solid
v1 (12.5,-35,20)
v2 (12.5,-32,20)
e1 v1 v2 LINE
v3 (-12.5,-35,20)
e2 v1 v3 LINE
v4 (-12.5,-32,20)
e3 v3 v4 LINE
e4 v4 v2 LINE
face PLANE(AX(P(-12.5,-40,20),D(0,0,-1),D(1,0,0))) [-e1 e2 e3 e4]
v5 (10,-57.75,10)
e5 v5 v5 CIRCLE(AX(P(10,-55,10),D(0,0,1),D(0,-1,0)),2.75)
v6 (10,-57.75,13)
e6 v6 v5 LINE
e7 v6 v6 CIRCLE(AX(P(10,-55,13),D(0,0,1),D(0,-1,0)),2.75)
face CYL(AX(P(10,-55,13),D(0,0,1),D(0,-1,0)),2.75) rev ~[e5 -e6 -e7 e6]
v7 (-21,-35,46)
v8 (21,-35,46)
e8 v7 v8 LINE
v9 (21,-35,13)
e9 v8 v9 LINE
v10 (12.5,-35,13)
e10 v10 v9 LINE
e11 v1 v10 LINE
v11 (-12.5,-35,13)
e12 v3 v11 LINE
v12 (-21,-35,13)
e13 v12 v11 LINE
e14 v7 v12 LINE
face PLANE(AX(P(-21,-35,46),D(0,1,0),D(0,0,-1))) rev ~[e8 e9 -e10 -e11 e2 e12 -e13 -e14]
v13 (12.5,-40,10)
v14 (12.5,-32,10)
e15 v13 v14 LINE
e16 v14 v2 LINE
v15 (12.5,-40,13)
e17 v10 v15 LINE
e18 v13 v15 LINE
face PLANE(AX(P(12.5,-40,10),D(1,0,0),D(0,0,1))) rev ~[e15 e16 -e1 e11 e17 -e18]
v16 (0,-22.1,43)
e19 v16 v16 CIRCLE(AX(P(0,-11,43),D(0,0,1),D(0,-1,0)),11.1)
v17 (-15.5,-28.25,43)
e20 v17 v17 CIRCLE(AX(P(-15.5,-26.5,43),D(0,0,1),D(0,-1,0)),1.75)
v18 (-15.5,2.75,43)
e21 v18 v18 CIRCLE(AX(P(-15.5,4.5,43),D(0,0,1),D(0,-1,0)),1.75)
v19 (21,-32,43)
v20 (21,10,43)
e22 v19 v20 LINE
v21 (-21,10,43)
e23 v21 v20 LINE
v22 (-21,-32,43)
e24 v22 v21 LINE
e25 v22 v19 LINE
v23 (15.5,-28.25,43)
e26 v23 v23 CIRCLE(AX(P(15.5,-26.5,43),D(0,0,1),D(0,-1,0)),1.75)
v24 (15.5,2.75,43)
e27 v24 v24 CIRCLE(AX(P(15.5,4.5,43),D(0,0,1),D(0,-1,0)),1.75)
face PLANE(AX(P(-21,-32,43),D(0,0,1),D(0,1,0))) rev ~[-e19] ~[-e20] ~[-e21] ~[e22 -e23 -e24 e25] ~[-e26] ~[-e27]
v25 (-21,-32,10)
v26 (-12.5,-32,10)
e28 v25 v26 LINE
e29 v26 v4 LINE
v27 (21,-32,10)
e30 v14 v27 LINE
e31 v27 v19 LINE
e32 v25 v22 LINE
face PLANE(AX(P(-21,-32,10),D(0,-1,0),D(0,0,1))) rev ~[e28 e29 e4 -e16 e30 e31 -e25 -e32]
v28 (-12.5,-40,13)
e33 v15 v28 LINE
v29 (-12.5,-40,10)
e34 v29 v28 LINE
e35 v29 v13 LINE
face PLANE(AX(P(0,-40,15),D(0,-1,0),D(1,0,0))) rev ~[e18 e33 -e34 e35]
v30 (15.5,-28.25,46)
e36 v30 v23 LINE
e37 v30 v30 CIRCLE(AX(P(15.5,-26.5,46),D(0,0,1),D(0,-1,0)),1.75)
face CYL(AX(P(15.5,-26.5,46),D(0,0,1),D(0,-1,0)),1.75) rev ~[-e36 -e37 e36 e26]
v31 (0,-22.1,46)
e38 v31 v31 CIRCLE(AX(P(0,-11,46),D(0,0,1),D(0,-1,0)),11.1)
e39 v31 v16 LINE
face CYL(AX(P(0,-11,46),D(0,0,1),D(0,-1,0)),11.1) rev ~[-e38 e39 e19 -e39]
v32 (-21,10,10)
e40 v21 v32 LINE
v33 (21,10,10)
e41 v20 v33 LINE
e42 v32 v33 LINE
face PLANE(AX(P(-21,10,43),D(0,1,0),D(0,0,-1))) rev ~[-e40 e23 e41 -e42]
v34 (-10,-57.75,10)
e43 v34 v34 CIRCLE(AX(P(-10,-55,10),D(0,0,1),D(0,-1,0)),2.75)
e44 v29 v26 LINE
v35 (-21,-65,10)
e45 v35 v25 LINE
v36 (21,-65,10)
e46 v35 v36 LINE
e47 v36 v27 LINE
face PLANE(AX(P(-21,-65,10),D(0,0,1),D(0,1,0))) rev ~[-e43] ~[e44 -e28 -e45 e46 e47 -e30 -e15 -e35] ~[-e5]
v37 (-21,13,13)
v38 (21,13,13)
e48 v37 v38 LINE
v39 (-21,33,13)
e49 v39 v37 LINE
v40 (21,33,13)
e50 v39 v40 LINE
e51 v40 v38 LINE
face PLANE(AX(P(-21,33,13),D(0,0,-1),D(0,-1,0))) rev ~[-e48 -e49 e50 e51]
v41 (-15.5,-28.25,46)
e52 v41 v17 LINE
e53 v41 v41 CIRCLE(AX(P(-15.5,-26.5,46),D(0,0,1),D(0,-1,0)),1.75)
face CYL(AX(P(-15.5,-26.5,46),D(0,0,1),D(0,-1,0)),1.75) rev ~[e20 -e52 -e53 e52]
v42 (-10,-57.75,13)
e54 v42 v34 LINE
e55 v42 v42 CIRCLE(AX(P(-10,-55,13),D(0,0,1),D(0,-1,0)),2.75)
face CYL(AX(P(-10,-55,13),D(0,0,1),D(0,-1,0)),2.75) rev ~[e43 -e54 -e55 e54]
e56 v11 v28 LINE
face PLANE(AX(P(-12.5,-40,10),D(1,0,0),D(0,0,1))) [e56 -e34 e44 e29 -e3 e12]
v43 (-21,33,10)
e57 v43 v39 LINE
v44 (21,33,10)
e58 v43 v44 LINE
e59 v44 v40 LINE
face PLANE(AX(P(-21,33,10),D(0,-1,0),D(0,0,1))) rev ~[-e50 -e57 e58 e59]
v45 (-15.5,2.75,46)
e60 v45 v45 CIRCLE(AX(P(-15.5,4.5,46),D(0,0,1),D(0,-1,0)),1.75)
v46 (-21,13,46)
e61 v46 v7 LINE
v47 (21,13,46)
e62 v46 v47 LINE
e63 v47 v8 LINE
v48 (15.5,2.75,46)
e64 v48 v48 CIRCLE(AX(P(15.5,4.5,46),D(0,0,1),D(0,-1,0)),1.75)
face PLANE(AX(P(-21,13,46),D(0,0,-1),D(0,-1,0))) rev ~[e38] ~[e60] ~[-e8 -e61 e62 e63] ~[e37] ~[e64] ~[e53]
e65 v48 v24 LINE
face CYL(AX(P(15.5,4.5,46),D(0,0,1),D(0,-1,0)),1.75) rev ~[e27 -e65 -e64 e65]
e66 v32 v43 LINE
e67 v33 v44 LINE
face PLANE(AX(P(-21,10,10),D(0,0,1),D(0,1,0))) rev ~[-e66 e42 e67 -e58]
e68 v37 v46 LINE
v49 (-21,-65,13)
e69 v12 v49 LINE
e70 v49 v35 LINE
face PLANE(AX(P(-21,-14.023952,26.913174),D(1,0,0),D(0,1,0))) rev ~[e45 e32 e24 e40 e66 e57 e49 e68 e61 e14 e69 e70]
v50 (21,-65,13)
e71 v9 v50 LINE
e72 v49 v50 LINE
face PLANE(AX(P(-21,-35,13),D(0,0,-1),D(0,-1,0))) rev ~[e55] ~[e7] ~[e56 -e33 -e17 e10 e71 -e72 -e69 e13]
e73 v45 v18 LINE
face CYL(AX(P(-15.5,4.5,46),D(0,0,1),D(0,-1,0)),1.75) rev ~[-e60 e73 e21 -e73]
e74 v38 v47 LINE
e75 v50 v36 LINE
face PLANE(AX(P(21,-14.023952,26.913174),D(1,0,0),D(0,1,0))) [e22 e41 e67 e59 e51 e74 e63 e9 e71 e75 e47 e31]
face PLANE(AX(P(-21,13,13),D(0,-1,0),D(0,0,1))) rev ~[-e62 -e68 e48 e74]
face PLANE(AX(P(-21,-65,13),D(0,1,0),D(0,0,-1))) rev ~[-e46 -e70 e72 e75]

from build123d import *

# Parameters (mm, degrees)
PAD044_DEPTH    = 42
SKETCH127_R     = 1.75
SKETCH127_R_2   = 11.1
POCKET039_DEPTH = 36.001
SKETCH128_R     = 2.75
HOLE027_DEPTH   = 25
SKETCH130_W     = 25
SKETCH130_H     = 10
POCKET040_DEPTH = 13


with BuildPart() as part:
    # Sketch124 → Pad044 (new body)
    with BuildSketch(Plane.YZ):
        Polygon((-32, 10), (-32, 43), (10, 43), (10, 10), (33, 10), (33, 13), (13, 13), (13, 46), (-35, 46), (-35, 13), (-65, 13), (-65, 10), align=None)
    extrude(amount=PAD044_DEPTH)

    # Sketch127 (on Face8 of Pad044) → Pocket039 (cut, through all)
    with BuildSketch(Plane(origin=(0, 0, 46), x_dir=(0, -1, 0), z_dir=(0, 0, 1))):
        with Locations((-4.5, 36.5)):
            Circle(SKETCH127_R)
        with Locations((-4.5, 5.5)):
            Circle(SKETCH127_R)
        with Locations((26.5, 36.5)):
            Circle(SKETCH127_R)
        with Locations((26.5, 5.5)):
            Circle(SKETCH127_R)
        with Locations((11, 21)):
            Circle(SKETCH127_R_2)
    extrude(amount=-POCKET039_DEPTH, mode=Mode.SUBTRACT)

    # Sketch128 (on Face19 of Pocket039) → Hole027 (cut)
    with BuildSketch(Plane(origin=(0, 0, 13), x_dir=(0, -1, 0), z_dir=(0, 0, 1))):
        with Locations((55, 31)):
            Circle(SKETCH128_R)
        with Locations((55, 11)):
            Circle(SKETCH128_R)
    extrude(amount=-HOLE027_DEPTH, mode=Mode.SUBTRACT)

    # Sketch130 → Pocket040 (cut)
    with BuildSketch(Plane.XZ.offset(40)):
        with Locations((21, 15)):
            Rectangle(SKETCH130_W, SKETCH130_H)
    extrude(amount=-POCKET040_DEPTH, mode=Mode.SUBTRACT)


with BuildPart() as part_1:
    # Body019 placement: moved
    add(part.part.moved(Location((-21, 0, 0))))


solid = part_1.part
